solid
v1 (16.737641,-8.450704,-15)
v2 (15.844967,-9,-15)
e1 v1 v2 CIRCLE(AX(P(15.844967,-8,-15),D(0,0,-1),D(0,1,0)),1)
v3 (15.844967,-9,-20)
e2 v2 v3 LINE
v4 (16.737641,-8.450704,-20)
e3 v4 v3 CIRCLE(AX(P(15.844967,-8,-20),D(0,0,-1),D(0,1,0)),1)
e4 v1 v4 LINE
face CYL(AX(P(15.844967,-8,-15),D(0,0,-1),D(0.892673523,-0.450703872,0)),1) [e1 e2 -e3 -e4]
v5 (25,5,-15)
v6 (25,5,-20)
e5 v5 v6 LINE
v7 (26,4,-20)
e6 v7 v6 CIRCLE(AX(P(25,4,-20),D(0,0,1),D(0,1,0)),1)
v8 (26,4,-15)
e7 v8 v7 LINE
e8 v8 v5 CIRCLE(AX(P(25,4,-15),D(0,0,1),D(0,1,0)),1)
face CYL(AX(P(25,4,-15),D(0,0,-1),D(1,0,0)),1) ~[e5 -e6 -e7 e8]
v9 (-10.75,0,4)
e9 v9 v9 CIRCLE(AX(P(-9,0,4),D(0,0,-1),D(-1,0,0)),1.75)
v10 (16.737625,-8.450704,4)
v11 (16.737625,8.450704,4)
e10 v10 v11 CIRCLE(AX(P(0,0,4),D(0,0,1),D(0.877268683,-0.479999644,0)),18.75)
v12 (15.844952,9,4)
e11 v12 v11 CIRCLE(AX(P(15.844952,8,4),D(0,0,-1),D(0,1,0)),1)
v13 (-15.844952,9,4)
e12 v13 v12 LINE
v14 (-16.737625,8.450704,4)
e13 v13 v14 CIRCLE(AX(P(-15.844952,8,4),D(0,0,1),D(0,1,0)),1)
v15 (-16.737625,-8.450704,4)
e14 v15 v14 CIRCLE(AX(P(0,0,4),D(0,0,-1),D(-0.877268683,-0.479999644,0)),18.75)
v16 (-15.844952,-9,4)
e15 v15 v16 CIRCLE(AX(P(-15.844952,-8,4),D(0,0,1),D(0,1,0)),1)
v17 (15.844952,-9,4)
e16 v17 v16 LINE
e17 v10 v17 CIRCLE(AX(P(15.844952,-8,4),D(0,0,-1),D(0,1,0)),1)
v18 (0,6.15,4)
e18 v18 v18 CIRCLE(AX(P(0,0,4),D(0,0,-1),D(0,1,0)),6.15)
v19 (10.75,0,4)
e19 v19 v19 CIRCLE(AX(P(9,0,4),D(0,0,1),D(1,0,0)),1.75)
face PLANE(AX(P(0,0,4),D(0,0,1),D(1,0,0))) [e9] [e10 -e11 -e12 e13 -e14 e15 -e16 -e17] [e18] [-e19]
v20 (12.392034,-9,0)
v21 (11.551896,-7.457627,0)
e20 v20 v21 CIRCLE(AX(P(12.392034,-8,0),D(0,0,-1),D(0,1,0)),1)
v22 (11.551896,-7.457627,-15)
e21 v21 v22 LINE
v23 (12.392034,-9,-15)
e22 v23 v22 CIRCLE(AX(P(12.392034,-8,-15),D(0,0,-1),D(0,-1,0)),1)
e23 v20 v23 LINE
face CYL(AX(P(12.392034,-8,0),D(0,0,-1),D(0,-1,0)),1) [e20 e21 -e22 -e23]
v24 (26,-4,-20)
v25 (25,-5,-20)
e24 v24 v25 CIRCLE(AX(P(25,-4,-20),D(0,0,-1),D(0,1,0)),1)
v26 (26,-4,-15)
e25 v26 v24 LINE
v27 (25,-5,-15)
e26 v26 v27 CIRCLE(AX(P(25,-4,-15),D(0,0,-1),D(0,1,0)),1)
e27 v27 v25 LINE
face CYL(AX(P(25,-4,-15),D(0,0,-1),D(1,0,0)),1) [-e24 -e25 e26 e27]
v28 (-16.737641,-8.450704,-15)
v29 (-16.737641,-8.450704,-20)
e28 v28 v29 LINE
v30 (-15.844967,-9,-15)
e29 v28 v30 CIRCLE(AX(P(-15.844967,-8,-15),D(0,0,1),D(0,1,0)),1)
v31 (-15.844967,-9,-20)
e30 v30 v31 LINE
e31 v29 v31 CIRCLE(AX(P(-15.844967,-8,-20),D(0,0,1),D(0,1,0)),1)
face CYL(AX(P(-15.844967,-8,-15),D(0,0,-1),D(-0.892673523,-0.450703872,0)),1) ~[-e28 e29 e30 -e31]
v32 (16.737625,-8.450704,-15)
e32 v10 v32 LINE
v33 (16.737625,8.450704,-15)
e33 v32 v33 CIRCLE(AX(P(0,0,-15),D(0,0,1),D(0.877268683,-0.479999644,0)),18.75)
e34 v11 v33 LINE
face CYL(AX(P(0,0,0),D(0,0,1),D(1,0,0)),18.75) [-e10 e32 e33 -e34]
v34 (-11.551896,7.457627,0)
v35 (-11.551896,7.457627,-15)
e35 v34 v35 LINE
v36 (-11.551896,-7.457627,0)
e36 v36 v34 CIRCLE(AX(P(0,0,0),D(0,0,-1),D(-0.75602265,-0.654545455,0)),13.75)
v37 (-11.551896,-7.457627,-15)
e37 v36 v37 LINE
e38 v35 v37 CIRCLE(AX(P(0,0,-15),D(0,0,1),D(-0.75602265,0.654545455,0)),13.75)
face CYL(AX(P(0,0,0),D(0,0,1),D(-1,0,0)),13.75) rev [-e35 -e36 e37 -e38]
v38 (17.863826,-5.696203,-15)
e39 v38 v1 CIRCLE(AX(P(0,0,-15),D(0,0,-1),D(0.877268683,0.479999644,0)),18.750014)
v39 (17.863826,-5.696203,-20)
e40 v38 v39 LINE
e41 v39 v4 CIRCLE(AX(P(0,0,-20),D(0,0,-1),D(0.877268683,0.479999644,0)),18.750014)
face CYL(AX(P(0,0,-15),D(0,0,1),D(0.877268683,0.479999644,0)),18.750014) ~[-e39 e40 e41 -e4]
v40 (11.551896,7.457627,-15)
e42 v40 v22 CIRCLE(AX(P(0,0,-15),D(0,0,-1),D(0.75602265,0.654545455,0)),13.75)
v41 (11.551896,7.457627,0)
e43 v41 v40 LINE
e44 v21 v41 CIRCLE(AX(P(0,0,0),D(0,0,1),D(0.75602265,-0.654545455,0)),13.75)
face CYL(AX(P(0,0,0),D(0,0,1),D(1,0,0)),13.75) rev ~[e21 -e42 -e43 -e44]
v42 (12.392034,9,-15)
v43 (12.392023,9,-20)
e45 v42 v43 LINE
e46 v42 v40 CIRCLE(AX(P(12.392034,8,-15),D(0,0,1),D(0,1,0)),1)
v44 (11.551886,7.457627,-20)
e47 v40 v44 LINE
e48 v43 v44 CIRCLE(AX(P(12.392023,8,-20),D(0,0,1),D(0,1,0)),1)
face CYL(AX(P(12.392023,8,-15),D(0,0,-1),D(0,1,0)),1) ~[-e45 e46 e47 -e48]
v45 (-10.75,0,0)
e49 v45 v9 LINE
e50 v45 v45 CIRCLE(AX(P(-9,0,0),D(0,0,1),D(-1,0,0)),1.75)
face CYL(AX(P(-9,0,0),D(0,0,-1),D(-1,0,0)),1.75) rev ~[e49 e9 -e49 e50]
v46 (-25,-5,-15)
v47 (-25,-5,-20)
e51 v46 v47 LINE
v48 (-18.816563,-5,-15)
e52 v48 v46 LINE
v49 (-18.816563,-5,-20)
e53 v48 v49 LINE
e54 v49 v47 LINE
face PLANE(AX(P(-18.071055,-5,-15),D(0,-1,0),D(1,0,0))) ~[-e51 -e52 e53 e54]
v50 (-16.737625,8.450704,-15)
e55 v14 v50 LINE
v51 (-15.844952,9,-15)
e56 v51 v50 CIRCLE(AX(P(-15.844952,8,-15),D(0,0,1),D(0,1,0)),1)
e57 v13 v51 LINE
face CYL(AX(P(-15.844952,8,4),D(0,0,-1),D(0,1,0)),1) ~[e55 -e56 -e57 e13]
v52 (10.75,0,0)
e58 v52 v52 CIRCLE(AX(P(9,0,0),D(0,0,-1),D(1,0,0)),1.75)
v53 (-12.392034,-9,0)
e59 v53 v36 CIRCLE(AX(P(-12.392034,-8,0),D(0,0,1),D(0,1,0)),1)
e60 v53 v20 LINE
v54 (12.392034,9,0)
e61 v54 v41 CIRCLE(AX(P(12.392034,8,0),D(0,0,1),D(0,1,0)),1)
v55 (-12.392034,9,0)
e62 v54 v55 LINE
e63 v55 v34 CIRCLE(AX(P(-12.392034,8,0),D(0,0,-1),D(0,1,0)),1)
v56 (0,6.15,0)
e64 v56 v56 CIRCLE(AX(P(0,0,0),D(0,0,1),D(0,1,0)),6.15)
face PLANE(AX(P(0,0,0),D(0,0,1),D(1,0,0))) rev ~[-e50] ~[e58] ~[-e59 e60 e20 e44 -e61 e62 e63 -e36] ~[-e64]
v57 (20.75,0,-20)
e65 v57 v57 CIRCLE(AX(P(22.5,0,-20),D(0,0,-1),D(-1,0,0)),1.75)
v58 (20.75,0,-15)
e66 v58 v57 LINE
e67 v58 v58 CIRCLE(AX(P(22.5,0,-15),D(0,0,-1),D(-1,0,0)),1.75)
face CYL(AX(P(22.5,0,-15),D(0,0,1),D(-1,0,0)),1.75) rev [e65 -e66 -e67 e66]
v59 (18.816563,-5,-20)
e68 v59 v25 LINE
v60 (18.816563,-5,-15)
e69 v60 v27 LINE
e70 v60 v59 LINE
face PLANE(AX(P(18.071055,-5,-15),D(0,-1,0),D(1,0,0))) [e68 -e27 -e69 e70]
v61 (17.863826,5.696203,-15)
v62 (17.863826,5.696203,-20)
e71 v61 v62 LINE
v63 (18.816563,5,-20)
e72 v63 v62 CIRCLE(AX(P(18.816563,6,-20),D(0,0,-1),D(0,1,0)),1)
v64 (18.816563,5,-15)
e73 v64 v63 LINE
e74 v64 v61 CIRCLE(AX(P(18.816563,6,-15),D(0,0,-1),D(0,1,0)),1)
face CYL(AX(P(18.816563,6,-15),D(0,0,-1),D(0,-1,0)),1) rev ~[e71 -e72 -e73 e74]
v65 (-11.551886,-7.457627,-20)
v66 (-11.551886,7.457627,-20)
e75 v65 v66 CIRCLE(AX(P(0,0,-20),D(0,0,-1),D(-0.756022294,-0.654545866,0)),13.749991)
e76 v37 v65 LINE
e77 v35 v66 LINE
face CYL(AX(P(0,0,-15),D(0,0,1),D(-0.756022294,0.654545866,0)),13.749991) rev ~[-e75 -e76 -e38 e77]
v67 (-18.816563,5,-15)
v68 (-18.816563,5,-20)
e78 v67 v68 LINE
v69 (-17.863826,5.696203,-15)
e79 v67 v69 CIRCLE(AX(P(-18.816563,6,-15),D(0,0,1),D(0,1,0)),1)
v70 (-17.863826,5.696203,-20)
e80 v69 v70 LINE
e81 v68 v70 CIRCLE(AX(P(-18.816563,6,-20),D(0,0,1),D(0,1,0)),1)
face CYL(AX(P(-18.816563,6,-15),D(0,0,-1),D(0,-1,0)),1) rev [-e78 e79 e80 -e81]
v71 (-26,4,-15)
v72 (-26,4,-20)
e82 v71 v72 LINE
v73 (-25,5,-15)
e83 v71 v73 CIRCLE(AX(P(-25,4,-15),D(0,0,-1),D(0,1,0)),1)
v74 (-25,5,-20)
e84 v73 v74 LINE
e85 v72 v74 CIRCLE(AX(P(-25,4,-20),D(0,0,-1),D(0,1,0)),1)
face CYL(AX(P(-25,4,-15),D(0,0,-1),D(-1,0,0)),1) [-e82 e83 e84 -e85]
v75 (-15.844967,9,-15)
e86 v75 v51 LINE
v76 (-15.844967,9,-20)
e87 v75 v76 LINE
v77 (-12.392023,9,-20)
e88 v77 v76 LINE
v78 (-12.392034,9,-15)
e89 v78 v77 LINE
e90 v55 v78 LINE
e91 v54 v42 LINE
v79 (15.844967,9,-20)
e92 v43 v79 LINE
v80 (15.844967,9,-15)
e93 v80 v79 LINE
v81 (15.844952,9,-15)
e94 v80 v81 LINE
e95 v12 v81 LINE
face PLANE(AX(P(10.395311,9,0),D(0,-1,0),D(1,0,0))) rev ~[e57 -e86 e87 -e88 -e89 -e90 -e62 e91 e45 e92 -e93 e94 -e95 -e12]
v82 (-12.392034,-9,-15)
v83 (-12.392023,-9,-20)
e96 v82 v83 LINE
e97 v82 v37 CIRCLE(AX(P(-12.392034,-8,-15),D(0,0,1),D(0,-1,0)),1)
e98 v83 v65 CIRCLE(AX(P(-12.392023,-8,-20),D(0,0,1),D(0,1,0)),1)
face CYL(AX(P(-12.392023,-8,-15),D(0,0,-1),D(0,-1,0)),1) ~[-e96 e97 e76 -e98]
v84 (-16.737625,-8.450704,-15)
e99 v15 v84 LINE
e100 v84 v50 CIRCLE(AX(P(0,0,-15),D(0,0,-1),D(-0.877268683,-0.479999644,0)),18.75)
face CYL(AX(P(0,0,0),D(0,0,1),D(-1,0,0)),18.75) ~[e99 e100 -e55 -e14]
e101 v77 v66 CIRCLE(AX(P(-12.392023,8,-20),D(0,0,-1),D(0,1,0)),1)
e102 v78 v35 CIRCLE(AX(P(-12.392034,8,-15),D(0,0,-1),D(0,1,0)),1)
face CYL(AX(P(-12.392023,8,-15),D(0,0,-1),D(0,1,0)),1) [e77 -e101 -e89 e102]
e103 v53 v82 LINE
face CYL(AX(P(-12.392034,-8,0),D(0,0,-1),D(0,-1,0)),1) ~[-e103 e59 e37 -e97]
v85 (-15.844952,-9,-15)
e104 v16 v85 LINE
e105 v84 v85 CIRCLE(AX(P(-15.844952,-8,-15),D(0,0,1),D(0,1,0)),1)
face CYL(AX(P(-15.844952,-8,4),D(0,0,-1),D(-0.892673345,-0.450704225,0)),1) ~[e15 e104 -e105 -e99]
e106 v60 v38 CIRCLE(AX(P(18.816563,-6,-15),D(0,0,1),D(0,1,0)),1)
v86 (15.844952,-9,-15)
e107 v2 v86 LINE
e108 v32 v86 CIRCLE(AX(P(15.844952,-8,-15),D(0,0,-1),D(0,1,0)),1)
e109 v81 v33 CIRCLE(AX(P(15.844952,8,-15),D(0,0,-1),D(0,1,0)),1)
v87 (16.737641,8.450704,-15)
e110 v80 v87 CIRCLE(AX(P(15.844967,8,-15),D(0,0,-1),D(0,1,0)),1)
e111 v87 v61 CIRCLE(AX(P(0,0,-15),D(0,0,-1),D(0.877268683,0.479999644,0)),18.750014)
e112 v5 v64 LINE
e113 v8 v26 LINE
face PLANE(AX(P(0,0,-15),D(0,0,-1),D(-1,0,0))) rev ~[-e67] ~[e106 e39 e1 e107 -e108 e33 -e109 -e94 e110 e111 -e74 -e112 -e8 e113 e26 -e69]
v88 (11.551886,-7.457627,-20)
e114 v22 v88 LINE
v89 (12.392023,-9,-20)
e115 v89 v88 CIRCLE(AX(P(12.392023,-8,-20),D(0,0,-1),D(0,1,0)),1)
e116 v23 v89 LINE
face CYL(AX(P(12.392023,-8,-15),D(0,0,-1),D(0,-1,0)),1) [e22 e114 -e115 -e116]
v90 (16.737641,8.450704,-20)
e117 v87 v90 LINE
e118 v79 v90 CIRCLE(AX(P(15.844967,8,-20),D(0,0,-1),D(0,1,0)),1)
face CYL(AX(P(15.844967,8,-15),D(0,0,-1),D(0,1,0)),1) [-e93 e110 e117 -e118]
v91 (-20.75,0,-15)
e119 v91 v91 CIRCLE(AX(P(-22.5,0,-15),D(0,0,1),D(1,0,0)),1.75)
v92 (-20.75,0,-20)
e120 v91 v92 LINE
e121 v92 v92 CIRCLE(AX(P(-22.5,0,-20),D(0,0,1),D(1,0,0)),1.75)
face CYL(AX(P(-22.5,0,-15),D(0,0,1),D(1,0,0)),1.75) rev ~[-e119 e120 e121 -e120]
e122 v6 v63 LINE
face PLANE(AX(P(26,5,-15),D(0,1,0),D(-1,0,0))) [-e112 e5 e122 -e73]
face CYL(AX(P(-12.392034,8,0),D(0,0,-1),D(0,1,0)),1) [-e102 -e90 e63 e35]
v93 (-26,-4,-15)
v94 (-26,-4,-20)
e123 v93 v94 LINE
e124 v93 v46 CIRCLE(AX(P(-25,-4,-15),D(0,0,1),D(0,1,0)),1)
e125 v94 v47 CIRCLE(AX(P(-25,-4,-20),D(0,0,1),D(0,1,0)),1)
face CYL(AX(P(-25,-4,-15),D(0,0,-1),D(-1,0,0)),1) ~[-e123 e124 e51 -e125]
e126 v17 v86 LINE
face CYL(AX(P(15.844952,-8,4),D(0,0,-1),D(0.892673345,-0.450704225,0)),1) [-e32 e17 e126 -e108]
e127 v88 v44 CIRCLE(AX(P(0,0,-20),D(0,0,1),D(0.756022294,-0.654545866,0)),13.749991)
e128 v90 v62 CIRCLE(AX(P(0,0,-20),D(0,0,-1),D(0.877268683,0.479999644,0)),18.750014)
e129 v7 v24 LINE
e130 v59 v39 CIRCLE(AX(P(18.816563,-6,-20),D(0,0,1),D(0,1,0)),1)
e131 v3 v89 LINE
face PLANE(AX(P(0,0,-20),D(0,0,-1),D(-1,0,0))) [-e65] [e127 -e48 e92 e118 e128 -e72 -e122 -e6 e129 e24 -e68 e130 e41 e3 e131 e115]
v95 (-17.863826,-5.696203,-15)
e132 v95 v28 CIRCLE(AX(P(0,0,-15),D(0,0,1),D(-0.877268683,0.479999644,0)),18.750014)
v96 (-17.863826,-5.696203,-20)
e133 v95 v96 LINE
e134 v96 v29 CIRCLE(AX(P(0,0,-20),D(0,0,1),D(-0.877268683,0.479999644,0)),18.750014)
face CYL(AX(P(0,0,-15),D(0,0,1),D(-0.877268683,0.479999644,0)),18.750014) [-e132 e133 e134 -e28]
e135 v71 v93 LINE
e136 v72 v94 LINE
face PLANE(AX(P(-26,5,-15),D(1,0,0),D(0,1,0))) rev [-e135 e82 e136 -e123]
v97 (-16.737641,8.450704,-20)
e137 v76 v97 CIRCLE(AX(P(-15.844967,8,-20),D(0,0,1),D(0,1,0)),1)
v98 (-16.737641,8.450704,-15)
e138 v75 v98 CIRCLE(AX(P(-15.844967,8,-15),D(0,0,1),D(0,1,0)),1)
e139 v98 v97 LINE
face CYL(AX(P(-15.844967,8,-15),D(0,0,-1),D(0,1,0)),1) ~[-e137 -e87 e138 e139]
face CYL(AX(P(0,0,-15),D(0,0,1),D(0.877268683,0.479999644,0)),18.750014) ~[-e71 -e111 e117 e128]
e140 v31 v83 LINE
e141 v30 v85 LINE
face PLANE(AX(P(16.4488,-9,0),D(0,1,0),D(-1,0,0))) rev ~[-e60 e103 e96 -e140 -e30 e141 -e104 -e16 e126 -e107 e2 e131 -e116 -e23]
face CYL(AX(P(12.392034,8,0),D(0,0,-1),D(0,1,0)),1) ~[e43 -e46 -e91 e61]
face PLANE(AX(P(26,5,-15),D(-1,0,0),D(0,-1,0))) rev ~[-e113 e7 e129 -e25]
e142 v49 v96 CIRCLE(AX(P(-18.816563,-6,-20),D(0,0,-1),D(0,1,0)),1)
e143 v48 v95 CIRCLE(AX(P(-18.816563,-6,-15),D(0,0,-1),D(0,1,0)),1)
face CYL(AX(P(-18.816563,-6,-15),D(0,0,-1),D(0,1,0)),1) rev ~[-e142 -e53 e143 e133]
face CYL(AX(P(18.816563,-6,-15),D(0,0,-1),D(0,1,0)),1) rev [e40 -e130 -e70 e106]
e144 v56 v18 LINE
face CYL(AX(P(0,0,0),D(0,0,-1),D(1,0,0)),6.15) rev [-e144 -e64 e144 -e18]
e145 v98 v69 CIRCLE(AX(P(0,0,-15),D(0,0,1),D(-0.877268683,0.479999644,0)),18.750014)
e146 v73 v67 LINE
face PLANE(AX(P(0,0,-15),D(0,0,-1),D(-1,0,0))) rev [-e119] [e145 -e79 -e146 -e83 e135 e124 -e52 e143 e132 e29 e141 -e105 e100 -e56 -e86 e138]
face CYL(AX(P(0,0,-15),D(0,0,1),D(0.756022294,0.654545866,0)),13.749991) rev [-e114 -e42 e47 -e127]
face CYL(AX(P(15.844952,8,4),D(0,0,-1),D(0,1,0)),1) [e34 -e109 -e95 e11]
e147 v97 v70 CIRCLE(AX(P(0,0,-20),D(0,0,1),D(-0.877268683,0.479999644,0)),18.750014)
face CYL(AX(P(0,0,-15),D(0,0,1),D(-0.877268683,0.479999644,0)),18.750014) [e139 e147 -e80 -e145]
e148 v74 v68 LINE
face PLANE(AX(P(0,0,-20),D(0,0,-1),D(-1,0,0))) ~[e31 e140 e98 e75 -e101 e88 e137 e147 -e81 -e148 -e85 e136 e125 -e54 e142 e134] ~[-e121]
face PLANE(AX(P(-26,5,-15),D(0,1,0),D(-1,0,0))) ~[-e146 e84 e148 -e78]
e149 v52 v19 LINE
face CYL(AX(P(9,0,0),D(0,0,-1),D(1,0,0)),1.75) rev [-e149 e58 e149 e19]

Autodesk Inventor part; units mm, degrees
ref_plane "YZ Plane" through (0, 0, 0) normal (1, 0, 0) x (0, 1, 0)
ref_plane "XZ Plane" through (0, 0, 0) normal (0, 1, 0) x (-1, 0, 0)
ref_plane "XY Plane" through (0, 0, 0) normal (0, 0, 1) x (1, 0, 0)
sketch "スケッチ2" plane through (0, 0, 0) normal (0, 0, 1) x (1, 0, 0)
  circle A0 centre (0, 0) radius 6.15
  circle A1 centre (9, 0) radius 1.75
  line L0 (0, 9) -> (16.4488, 9)
  line L1 (16.4488, -9) -> (0, -9)
  line L2 (0, -9) -> (0, 9)
  line L3 (0, 0) -> (10.75, 0) construction
  circle A2 centre (0, 0) radius 18.75
  line L4 (0, 0) -> (18.75, 0) construction
  circle A3 centre (0, 0) radius 13.75
  line L5 (0, 0) -> (13.75, 0)
  point P0 (0, 6.15)
  point P1 (0, -6.15)
  point P2 (10.3953, 9)
  point P3 (10.3953, -9)
  dimension "d6" = 3.5
  dimension "d5" = 12.3
  dimension "d7" = 9
  dimension "d11" = 18
  dimension "d12" = 5
  dimension "d20" = 3
extrude "押し出し1" add sketch "スケッチ2" along normal blind 4 contours L5 A1 A3 L1 L2 A0 | A0 L2 L0 A3 L5 A1 | L0 A2 L1 A3 picked at (14.4338, 5.2266)
extrude "押し出し2" add sketch "スケッチ2" against normal blind 15 contours L0 A2 L1 A3 picked at (14.4338, 5.2266)
sketch "スケッチ3" plane through (0, 0, -15) normal (0, 0, -1) x (-1, 0, 0)
  line L0 (-16.4488, -9) -> (-10.3953, -9) projected
  arc A0 (-10.3953, 9) -> (-10.3953, -9) centre (0, 0) ccw projected
  line L1 (-10.3953, 9) -> (-16.4488, 9) projected
  arc A1 (-16.4488, 9) -> (-16.4488, -9) centre (0, 0) ccw projected
  line L2 (-26, -9) -> (-10.3953, -9)
  line L3 (-10.3953, -9) -> (-10.3953, 9)
  line L4 (-10.3953, 9) -> (-26, 9)
  line L5 (-26, 9) -> (-26, -9)
  line L6 (-26, 0) -> (-10.3953, 0) construction
  circle A2 centre (-22.5, 0) radius 1.75
  line L7 (-26, 5) -> (-10.3953, 5)
  line L8 (-10.3953, 5) -> (-10.3953, -5)
  line L9 (-10.3953, -5) -> (-26, -5)
  line L10 (-26, -5) -> (-26, 5)
  point P0 (-18.071, -5)
  point P1 (-18.071, 5)
  point P2 (-26, -5)
  dimension "d17" = 3.5
  dimension "d18" = 22.5
  dimension "d19" = 3.5
  dimension "d24" = 10
extrude "押し出し3" add sketch "スケッチ3" along normal blind 5 contours A1 L9 A0 L0 | L9 L5 L7 A1 | A1 L7 A0 L9 | A1 L1 A0 L7
fillet "フィレット1" radius 1 10 edges at (10.3953, 9, -10) (10.3953, -9, -10) (16.4488, 9, -5.5) (16.4488, 9, -17.5) (16.4488, -9, -17.5) (16.4488, -9, -5.5) (26, 5, -17.5) (26, -5, -17.5) (18.071, 5, -17.5) (18.071, -5, -17.5)
mirror "ミラー1" about plane through (0, 9, 0) normal (-1, 0, 0)
properties part number "encoderholder" material "ABS プラスチック"
